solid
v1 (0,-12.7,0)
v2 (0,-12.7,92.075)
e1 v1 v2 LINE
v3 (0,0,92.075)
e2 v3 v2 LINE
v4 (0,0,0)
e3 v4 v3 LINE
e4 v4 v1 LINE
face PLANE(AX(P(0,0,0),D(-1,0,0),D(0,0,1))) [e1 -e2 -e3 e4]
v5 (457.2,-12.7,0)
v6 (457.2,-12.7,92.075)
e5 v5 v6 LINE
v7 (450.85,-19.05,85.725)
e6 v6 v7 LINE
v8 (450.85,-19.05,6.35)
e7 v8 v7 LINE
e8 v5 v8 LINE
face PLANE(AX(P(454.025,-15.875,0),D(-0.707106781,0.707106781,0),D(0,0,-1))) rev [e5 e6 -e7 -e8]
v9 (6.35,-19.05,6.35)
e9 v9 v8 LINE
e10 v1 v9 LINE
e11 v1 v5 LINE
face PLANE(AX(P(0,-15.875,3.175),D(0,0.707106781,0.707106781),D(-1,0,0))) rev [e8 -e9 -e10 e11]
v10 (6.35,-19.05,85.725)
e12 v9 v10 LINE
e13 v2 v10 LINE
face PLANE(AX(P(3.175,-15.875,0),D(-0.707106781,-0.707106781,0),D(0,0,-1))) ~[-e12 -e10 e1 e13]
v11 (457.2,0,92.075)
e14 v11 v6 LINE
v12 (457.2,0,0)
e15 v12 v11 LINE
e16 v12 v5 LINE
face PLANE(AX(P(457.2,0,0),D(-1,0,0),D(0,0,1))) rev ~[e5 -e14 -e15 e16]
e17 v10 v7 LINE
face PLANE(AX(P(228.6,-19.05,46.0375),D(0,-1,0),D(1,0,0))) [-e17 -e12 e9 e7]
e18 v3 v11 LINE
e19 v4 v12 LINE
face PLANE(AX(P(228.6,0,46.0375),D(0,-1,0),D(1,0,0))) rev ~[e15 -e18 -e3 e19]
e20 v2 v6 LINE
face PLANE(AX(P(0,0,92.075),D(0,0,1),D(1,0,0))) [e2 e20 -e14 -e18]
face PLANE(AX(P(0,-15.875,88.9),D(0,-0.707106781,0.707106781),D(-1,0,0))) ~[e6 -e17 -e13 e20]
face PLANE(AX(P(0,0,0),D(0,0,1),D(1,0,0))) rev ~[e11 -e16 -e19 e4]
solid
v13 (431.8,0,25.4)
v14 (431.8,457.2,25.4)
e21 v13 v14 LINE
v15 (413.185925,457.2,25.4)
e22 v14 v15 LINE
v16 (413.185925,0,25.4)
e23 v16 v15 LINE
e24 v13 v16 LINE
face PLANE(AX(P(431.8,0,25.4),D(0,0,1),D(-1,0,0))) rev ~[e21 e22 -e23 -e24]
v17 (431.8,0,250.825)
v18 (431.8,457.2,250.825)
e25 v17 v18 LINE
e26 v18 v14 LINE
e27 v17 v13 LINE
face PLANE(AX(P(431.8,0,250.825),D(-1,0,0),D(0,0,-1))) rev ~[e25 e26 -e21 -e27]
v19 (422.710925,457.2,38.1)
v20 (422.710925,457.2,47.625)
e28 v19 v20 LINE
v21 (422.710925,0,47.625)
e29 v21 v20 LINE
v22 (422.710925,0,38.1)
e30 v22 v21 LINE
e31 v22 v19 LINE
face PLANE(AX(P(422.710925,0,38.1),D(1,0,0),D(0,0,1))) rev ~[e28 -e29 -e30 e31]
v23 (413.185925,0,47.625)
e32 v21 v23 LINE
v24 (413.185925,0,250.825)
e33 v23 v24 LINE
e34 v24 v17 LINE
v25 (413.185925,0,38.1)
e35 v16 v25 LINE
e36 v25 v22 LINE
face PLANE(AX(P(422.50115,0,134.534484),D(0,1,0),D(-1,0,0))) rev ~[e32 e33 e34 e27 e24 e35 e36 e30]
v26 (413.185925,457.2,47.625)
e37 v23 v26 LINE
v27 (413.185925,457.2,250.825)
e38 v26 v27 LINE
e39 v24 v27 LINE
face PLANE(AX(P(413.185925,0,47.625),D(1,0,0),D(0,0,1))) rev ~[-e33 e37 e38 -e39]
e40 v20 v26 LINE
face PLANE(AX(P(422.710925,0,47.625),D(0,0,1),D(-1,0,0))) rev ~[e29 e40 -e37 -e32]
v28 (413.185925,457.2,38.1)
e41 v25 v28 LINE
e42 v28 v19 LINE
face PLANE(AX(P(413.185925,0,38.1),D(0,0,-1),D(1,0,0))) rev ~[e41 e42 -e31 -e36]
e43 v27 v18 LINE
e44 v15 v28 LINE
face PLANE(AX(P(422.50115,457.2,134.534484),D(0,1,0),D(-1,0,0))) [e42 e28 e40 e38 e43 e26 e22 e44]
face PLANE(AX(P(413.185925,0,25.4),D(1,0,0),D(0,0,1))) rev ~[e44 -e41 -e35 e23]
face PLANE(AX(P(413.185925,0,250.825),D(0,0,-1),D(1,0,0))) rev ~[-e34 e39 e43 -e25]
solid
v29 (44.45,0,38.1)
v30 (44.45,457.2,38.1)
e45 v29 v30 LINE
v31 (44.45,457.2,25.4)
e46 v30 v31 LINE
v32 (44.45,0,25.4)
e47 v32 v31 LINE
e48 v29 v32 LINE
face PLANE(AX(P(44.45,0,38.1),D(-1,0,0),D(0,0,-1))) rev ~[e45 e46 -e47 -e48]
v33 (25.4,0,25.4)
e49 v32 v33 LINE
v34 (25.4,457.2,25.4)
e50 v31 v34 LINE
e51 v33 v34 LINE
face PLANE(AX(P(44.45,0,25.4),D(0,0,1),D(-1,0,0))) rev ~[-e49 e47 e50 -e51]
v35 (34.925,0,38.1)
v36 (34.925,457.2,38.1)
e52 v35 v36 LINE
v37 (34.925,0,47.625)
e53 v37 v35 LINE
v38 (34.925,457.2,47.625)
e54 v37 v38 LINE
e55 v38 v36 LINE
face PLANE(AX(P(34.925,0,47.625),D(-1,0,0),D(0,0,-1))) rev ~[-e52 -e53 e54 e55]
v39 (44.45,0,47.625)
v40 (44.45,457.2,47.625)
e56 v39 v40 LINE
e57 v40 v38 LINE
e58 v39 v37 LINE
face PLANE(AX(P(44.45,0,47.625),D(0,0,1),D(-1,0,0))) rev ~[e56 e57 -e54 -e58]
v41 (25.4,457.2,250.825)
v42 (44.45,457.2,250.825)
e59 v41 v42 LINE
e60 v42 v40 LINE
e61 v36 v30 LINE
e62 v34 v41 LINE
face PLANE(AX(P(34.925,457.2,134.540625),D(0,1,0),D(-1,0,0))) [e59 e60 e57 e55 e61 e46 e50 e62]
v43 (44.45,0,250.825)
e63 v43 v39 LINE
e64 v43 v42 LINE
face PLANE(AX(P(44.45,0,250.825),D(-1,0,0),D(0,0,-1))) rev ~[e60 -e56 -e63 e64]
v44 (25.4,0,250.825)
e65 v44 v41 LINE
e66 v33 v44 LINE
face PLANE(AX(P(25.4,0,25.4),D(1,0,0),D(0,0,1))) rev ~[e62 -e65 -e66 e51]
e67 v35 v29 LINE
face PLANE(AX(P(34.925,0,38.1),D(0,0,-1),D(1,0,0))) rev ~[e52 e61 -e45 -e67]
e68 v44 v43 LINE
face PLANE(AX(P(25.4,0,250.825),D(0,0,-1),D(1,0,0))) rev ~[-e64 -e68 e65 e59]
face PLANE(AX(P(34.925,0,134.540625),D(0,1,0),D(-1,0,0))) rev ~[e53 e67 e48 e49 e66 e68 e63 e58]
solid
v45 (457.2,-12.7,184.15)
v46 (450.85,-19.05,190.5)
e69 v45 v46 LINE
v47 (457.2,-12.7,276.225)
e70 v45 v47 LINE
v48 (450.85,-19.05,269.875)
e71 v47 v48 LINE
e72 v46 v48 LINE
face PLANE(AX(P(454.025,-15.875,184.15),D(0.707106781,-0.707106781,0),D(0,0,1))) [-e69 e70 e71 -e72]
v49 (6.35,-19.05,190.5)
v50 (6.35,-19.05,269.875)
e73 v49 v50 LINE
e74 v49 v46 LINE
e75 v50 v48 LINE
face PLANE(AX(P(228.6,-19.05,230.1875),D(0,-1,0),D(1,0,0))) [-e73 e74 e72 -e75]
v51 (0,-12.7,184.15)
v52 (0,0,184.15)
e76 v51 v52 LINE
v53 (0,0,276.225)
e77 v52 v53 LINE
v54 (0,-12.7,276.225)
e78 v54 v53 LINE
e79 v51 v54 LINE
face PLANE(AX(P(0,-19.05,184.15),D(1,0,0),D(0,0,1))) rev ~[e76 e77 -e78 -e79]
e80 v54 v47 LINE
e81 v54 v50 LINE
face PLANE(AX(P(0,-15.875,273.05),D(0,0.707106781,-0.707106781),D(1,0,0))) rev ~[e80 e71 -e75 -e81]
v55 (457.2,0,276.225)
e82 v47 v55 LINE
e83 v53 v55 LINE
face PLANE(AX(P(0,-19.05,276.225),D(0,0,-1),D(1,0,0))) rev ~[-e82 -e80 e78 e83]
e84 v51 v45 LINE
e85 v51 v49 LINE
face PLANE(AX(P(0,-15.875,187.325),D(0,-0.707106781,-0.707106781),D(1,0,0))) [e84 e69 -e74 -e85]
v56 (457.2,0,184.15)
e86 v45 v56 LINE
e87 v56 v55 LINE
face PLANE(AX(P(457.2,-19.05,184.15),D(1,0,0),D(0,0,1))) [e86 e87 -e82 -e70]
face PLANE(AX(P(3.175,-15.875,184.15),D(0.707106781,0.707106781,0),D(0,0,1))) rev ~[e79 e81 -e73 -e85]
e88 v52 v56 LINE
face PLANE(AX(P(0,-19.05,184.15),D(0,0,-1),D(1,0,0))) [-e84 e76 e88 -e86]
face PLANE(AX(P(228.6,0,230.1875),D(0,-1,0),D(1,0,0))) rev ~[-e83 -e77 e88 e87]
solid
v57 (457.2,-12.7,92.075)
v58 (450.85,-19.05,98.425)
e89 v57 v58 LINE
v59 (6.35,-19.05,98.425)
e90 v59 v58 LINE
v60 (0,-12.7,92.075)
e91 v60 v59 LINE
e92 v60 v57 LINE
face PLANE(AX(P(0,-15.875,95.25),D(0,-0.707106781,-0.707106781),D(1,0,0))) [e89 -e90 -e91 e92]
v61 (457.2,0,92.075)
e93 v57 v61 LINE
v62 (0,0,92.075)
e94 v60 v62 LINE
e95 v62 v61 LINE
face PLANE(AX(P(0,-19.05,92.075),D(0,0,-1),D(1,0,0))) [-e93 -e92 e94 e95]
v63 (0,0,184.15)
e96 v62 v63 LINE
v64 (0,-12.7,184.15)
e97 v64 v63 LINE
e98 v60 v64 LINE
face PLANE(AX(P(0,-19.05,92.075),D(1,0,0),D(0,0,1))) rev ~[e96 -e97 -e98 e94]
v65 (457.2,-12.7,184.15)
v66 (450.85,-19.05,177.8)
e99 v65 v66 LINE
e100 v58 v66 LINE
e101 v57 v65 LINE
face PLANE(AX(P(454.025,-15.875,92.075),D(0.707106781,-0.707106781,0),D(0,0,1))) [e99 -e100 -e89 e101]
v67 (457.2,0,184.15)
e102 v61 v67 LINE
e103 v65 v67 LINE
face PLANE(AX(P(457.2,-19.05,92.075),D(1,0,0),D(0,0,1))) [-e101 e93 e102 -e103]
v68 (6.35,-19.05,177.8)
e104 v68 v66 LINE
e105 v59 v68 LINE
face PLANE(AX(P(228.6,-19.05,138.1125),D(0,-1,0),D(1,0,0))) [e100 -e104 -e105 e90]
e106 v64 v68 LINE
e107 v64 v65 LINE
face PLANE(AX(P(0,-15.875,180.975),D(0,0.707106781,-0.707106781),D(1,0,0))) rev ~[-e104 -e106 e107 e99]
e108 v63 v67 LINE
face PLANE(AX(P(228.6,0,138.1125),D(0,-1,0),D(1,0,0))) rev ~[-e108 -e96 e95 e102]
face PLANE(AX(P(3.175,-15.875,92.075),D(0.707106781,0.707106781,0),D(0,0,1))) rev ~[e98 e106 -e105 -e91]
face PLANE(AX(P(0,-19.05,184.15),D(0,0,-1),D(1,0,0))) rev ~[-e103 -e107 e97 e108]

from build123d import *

# Parameters (mm, degrees)
F0_W      = 457.2
F0_H      = 92.075
F1_DEPTH  = 19.05
F2_W      = 457.2
F2_H      = 92.075
F3_DEPTH  = 19.05
F4_W      = 457.2
F4_H      = 92.075
F5_DEPTH  = 19.05
F6_SIZE   = 6.35
F7_SIZE   = 6.35
F8_SIZE   = 6.35
F10_DEPTH = 457.2


with BuildPart() as f1:
    # F0 (on Front) → F1 (new body)
    with BuildSketch(Plane.XZ):
        with Locations((228.6, 46.0375)):
            Rectangle(F0_W, F0_H)
    extrude(amount=F1_DEPTH)

    # F6
    f6_edges = [f1.edges().sort_by_distance(p)[0] for p in [
        (228.6, -19.05, 92.075),
        (228.6, -19.05, 0),
        (457.2, -19.05, 46.0375),
        (0, -19.05, 46.0375),
    ]]
    chamfer(f6_edges, length=F6_SIZE)


with BuildPart() as f3:
    # F2 (on face) → F3 (new body)
    with BuildSketch(Plane.XZ.offset(19.05)):
        with Locations((228.6, 138.1125)):
            Rectangle(F2_W, F2_H)
    extrude(amount=-F3_DEPTH)

    # F7
    f7_edges = [f3.edges().sort_by_distance(p)[0] for p in [
        (228.6, -19.05, 92.075),
        (228.6, -19.05, 184.15),
        (457.2, -19.05, 138.1125),
        (0, -19.05, 138.1125),
    ]]
    chamfer(f7_edges, length=F7_SIZE)


with BuildPart() as f5:
    # F4 (on face) → F5 (new body)
    with BuildSketch(Plane.XZ.offset(19.05)):
        with Locations((228.6, 230.1875)):
            Rectangle(F4_W, F4_H)
    extrude(amount=-F5_DEPTH)

    # F8
    f8_edges = [f5.edges().sort_by_distance(p)[0] for p in [
        (228.6, -19.05, 184.15),
        (0, -19.05, 230.1875),
        (228.6, -19.05, 276.225),
        (457.2, -19.05, 230.1875),
    ]]
    chamfer(f8_edges, length=F8_SIZE)


with BuildPart() as f10:
    # F9 (on face) → F10 (new body)
    with BuildSketch(Plane(origin=(0, 0, 0), x_dir=(-1, 0, 0), z_dir=(0, 1, 0))):
        Polygon((-431.8, 250.825), (-431.8, 25.4), (-413.185925, 25.4), (-413.185925, 38.1), (-422.710925, 38.1), (-422.710925, 47.625), (-413.185925, 47.625), (-413.185925, 250.825), align=None)
        Polygon((-44.45, 25.4), (-25.4, 25.4), (-25.4, 250.825), (-44.45, 250.825), (-44.45, 47.625), (-34.925, 47.625), (-34.925, 38.1), (-44.45, 38.1), align=None)
    extrude(amount=F10_DEPTH)


solid = Compound([f1.part, f3.part, f5.part, f10.part])
